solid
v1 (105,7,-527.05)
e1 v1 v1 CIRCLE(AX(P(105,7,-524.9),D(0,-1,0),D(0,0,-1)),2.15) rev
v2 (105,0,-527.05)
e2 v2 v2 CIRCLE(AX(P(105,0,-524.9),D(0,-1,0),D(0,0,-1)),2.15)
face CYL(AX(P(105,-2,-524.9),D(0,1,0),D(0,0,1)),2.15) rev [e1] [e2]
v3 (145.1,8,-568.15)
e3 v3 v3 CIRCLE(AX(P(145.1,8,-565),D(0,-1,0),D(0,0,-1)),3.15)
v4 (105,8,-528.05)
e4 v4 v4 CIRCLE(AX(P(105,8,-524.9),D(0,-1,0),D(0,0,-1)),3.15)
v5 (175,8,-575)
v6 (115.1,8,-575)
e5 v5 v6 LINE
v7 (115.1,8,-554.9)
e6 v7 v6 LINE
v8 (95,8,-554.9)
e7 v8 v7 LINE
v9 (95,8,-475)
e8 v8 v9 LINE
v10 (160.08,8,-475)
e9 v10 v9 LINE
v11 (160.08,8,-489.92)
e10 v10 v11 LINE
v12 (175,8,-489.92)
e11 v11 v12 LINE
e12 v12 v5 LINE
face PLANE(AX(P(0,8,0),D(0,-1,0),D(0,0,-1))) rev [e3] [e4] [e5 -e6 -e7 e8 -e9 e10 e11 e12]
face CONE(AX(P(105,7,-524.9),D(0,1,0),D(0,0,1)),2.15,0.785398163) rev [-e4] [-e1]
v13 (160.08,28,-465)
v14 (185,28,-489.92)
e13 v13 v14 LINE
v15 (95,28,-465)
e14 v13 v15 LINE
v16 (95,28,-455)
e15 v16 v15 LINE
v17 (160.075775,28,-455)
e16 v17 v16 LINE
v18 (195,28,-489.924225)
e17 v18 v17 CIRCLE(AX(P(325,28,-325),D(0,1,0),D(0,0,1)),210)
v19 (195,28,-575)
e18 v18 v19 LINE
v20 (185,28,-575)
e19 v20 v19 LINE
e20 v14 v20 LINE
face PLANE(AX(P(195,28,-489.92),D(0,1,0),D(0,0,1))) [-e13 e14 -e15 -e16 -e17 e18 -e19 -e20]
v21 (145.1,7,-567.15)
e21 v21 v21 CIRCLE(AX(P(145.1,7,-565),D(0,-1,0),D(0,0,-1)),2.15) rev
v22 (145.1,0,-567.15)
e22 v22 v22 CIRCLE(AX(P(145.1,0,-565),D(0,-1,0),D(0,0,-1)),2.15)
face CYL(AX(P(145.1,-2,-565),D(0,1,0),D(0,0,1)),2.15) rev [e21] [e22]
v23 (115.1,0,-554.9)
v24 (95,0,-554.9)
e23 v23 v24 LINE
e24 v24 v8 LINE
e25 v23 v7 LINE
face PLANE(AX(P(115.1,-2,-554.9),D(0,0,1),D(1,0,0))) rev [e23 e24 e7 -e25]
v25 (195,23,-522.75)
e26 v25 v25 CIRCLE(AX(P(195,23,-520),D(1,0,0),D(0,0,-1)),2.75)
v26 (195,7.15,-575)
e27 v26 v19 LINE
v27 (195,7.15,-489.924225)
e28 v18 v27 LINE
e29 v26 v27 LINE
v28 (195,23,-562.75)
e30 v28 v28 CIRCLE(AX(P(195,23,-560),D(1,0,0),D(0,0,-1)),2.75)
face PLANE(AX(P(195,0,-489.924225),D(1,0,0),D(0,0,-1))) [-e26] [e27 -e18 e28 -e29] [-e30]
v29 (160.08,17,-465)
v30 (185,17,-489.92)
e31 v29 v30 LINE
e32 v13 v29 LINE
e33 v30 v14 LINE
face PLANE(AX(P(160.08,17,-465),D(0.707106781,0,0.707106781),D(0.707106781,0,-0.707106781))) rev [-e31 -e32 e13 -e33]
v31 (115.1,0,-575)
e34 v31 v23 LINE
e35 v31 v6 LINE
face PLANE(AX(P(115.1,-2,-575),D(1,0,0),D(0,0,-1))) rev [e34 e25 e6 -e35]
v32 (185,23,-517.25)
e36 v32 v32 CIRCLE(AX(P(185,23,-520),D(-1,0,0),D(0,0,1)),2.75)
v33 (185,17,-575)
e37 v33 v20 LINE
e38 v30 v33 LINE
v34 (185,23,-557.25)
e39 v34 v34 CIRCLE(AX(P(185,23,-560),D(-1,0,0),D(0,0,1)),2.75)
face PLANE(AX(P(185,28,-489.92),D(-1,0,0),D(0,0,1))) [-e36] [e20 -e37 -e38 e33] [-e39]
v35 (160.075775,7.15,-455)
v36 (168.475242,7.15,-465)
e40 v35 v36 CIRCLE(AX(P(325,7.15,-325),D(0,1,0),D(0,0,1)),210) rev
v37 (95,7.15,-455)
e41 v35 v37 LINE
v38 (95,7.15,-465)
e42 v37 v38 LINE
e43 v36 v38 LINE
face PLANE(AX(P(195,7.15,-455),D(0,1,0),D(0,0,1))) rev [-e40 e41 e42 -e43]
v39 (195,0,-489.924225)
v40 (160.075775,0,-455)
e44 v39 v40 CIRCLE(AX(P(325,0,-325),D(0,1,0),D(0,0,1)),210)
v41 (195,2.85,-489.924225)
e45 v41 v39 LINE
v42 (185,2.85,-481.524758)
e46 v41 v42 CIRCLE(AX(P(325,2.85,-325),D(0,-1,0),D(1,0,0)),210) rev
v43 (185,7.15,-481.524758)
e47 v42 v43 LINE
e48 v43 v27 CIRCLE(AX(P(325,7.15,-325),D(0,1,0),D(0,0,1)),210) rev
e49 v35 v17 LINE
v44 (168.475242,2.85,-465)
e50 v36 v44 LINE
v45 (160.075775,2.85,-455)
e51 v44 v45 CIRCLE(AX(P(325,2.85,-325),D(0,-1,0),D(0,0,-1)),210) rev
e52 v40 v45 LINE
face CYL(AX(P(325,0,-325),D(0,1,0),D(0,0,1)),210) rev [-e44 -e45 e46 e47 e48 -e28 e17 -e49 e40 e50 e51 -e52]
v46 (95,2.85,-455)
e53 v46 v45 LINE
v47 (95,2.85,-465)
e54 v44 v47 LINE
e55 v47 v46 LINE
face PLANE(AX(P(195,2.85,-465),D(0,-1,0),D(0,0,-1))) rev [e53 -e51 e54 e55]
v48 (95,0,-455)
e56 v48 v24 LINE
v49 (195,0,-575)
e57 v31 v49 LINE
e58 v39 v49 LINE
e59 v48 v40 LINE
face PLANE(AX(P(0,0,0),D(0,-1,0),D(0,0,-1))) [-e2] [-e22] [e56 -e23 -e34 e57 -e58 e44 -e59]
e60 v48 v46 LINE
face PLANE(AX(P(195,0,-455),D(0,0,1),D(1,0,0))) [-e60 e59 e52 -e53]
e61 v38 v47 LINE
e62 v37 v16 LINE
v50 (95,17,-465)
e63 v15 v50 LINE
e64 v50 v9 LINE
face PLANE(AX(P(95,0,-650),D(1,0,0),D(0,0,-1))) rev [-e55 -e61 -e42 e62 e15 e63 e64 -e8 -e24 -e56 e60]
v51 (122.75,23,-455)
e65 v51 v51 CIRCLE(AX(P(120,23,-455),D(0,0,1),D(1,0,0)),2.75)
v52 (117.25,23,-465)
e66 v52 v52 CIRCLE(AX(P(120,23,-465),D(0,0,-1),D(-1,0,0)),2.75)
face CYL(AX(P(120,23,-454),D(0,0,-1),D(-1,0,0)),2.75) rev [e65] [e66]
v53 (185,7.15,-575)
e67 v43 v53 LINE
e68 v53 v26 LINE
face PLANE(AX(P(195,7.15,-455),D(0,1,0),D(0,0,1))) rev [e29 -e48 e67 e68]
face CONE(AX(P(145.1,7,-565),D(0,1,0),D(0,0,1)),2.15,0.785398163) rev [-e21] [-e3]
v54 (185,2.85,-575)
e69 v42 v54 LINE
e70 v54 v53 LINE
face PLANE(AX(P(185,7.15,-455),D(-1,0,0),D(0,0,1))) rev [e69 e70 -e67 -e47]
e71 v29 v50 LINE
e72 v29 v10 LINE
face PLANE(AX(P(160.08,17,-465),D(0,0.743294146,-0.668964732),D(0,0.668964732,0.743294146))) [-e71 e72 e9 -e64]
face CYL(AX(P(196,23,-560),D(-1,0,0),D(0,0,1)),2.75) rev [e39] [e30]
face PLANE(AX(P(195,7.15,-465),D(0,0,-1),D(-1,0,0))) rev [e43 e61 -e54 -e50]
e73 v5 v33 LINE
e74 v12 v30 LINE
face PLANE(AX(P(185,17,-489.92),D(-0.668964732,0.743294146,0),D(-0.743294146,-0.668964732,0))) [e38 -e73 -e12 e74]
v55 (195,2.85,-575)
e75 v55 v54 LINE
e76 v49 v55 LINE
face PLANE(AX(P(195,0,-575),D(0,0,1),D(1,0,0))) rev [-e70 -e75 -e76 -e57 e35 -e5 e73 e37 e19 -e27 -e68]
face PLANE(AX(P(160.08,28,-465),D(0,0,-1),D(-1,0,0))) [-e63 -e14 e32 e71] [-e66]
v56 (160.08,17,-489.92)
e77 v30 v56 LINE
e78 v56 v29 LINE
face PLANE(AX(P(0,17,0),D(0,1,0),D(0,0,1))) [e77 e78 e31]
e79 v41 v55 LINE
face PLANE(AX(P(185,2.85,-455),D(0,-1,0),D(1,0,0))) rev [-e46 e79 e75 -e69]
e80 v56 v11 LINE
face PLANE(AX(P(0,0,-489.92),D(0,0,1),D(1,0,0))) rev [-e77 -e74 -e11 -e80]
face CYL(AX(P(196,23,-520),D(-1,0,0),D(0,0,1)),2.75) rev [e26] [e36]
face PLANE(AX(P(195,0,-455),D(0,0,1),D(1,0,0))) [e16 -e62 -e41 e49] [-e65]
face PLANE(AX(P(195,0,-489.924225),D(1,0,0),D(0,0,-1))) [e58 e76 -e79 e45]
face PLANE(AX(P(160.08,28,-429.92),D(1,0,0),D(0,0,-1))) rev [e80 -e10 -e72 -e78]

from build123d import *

# Parameters (mm, degrees)
SKETCH1_W                = 650
SKETCH1_H                = 650
BOSS_EXTRUDE1_DEPTH      = 8
BOSS_EXTRUDE2_DEPTH      = 650
CUT_EXTRUDE2_DEPTH       = 921.277302922
CUT_EXTRUDE2_DEPTH_BACK  = 921.277302922
SKETCH4_R                = 11
CUT_EXTRUDE1_DEPTH       = 920.932062709
CUT_EXTRUDE1_DEPTH_BACK  = 920.932062709
SKETCH2_R                = 210
CUT_EXTRUDE3_DEPTH       = 921.277302998
CUT_EXTRUDE3_DEPTH_BACK  = 110
CUT_EXTRUDE4_DEPTH       = 110
CUT_EXTRUDE5_DEPTH       = 920.932062713
CUT_EXTRUDE5_DEPTH_BACK  = 920.932062713
SKETCH7_OUTSIDE_W        = 836.056
SKETCH7_OUTSIDE_H        = 836.056
BOSS_EXTRUDE3_DEPTH      = 160.08
BOSS_EXTRUDE4_DEPTH      = 160.08
SKETCH21_W               = 10
SKETCH21_H               = 4.3
CUT_EXTRUDE10_DEPTH      = 680.197320372
SKETCH22_W               = 10
SKETCH22_H               = 4.3
CUT_EXTRUDE11_DEPTH      = 278.189465889
BOSS_EXTRUDE5_DEPTH      = 60
CUT_EXTRUDE6_DEPTH       = 679.914574891
CUT_EXTRUDE6_DEPTH_BACK  = 679.914574891
SKETCH12_R               = 210
CUT_EXTRUDE14_DEPTH      = 11
SKETCH27_R               = 2.2
SKETCH27_R_2             = 2.75
CUT_EXTRUDE15_DEPTH      = 11
SKETCH28_R               = 2.75
SKETCH28_R_2             = 2.2
CUT_EXTRUDE16_DEPTH      = 11
SKETCH29_W               = 20
SKETCH29_H               = 20
CUT_EXTRUDE17_DEPTH      = 10
CUT_EXTRUDE18_DEPTH      = 679.914574891
CUT_EXTRUDE18_DEPTH_BACK = 679.914574891
SKETCH30_W               = 95
SKETCH30_H               = 195
CUT_EXTRUDE19_DEPTH      = 679.914574891
CUT_EXTRUDE19_DEPTH_BACK = 679.914574891
SKETCH31_W               = 100
SKETCH31_H               = 75
SKETCH32_W               = 20.1
SKETCH32_H               = 20.1
CUT_EXTRUDE20_DEPTH      = 10
SKETCH33_R               = 2.15
CUT_EXTRUDE21_DEPTH      = 10
CHAMFER1_SIZE            = 1


with BuildPart() as part:
    # Sketch1 → Boss-Extrude1 (new body)
    with BuildSketch(Plane(origin=(0, 0, 0), x_dir=(1, 0, 0), z_dir=(0, 1, 0))):
        with Locations((325, 325)):
            Rectangle(SKETCH1_W, SKETCH1_H)
    extrude(amount=BOSS_EXTRUDE1_DEPTH)

    # Sketch3 → Boss-Extrude2 (add)
    with BuildSketch(Plane.XY):
        Polygon((300, 43.707142143), (350, 43.707142143), (385, 8), (265, 8), align=None)
    extrude(amount=-BOSS_EXTRUDE2_DEPTH)

    # Sketch4 → Cut-Extrude2 (cut, two sides: drawn at the far end of the back side and taken through both)
    with BuildSketch(Plane.XY.offset(-CUT_EXTRUDE2_DEPTH_BACK)):
        with Locations((325, 22)):
            Circle(SKETCH4_R)
    extrude(amount=CUT_EXTRUDE2_DEPTH + CUT_EXTRUDE2_DEPTH_BACK, mode=Mode.SUBTRACT)

    # Sketch2 → Cut-Extrude1 (cut, two sides: drawn at the far end of the back side and taken through both)
    with BuildSketch(Plane(origin=(0, 8, 0), x_dir=(1, 0, 0), z_dir=(0, 1, 0)).offset(-CUT_EXTRUDE1_DEPTH_BACK)):
        with Locations(Location((325, 325, 0), (0, 0, 270))):
            Circle(SKETCH2_R)
    extrude(amount=CUT_EXTRUDE1_DEPTH + CUT_EXTRUDE1_DEPTH_BACK, mode=Mode.SUBTRACT)

    # Sketch5 → Cut-Extrude3 (cut, two sides: drawn at the far end of the back side and taken through both)
    with BuildSketch(Plane.XY.offset(-CUT_EXTRUDE3_DEPTH_BACK)):
        Polygon((300, 43.707142143), (350, 43.707142143), (365.396078824, 28), (350, 28), (350, 8), (300, 8), (300, 28), (284.603921176, 28), align=None)
    extrude(amount=CUT_EXTRUDE3_DEPTH + CUT_EXTRUDE3_DEPTH_BACK, mode=Mode.SUBTRACT)

    # Sketch6 → Cut-Extrude4 (cut)
    with BuildSketch(Plane(origin=(0, 0, -650), x_dir=(-1, 0, 0), z_dir=(0, 0, -1))):
        Polygon((-350, 43.707142143), (-300, 43.707142143), (-284.603921176, 28), (-300, 28), (-300, 8), (-350, 8), (-350, 28), (-365.396078824, 28), align=None)
    extrude(amount=-CUT_EXTRUDE4_DEPTH, mode=Mode.SUBTRACT)

    # Sketch7 outside → Cut-Extrude5 (cut, two sides: drawn at the far end of the back side and taken through both)
    with BuildSketch(Plane(origin=(0, 8, 0), x_dir=(1, 0, 0), z_dir=(0, 1, 0)).offset(-CUT_EXTRUDE5_DEPTH_BACK)):
        with Locations((325, 325)):
            Rectangle(SKETCH7_OUTSIDE_W, SKETCH7_OUTSIDE_H)
        Polygon((195, 455), (195, 489.924225025), (195, 650), (167.478198198, 686.544504505), (-70.838918919, 686.544504505), (-70.838918919, 472.462112512), (0, 455), (160.075774975, 455), align=None, mode=Mode.SUBTRACT)
    extrude(amount=CUT_EXTRUDE5_DEPTH + CUT_EXTRUDE5_DEPTH_BACK, mode=Mode.SUBTRACT)

    # Sketch8 → Boss-Extrude3 (add)
    with BuildSketch(Plane(origin=(0, 0, -650), x_dir=(-1, 0, 0), z_dir=(0, 0, -1))):
        Polygon((-195, 8), (-195, 28), (-185, 28), (-185, 17), (-175, 8), align=None)
    extrude(amount=-BOSS_EXTRUDE3_DEPTH)

    # Sketch10 → Boss-Extrude4 (add)
    with BuildSketch(Plane.ZY):
        Polygon((-455, 8), (-455, 28), (-465, 28), (-465, 17), (-475, 8), align=None)
    extrude(amount=-BOSS_EXTRUDE4_DEPTH)

    # Sketch21 → Cut-Extrude10 (cut, through all)
    with BuildSketch(Plane.ZY):
        with Locations((-460, 5)):
            Rectangle(SKETCH21_W, SKETCH21_H)
    extrude(amount=-CUT_EXTRUDE10_DEPTH, mode=Mode.SUBTRACT)

    # Sketch22 → Cut-Extrude11 (cut, through all)
    with BuildSketch(Plane(origin=(0, 0, -650), x_dir=(-1, 0, 0), z_dir=(0, 0, -1))):
        with Locations((-190, 5)):
            Rectangle(SKETCH22_W, SKETCH22_H)
    extrude(amount=-CUT_EXTRUDE11_DEPTH, mode=Mode.SUBTRACT)

    # Sketch23 → Boss-Extrude5 (add)
    with BuildSketch(Plane.XY.offset(-489.92)):
        Polygon((194.99464011, 8), (195, 28), (160.08, 28), (160.08, 8), align=None)
    extrude(amount=BOSS_EXTRUDE5_DEPTH)

    # Sketch12 → Cut-Extrude6 (cut, two sides: drawn at the far end of the back side and taken through both)
    with BuildSketch(Plane(origin=(0, 8, 0), x_dir=(1, 0, 0), z_dir=(0, 1, 0)).offset(-CUT_EXTRUDE6_DEPTH_BACK)):
        with Locations((325, 325)):
            Circle(SKETCH12_R)
    extrude(amount=CUT_EXTRUDE6_DEPTH + CUT_EXTRUDE6_DEPTH_BACK, mode=Mode.SUBTRACT)

    # Sketch26 → Cut-Extrude14 (cut)
    with BuildSketch(Plane(origin=(0, 28, 0), x_dir=(1, 0, 0), z_dir=(0, 1, 0))):
        Polygon((185, 489.92), (160.08, 489.92), (160.08, 465), align=None)
    extrude(amount=-CUT_EXTRUDE14_DEPTH, mode=Mode.SUBTRACT)

    # Sketch27 → Cut-Extrude15 (cut)
    with BuildSketch(Plane.ZY.offset(-185)):
        with Locations((-610, 23)):
            Circle(SKETCH27_R)
        with Locations((-560, 23)):
            Circle(SKETCH27_R_2)
        with Locations((-520, 23)):
            Circle(SKETCH27_R_2)
    extrude(amount=-CUT_EXTRUDE15_DEPTH, mode=Mode.SUBTRACT)

    # Sketch28 → Cut-Extrude16 (cut)
    with BuildSketch(Plane(origin=(0, 0, -465), x_dir=(-1, 0, 0), z_dir=(0, 0, -1))):
        with Locations((-120, 23)):
            Circle(SKETCH28_R)
        with Locations((-80, 23)):
            Circle(SKETCH28_R_2)
        with Locations((-40, 23)):
            Circle(SKETCH28_R_2)
    extrude(amount=-CUT_EXTRUDE16_DEPTH, mode=Mode.SUBTRACT)

    # Sketch29 → Cut-Extrude17 (cut)
    with BuildSketch(Plane(origin=(0, 8, 0), x_dir=(1, 0, 0), z_dir=(0, 1, 0))):
        with Locations((10, 640)):
            Rectangle(SKETCH29_W, SKETCH29_H)
    extrude(amount=-CUT_EXTRUDE17_DEPTH, mode=Mode.SUBTRACT)

    # Sketch30 → Cut-Extrude18 (cut, two sides: drawn at the far end of the back side and taken through both)
    with BuildSketch(Plane(origin=(0, 8, 0), x_dir=(1, 0, 0), z_dir=(0, 1, 0)).offset(-CUT_EXTRUDE18_DEPTH_BACK)):
        with Locations((47.5, 552.5)):
            Rectangle(SKETCH30_W, SKETCH30_H)
    extrude(amount=CUT_EXTRUDE18_DEPTH + CUT_EXTRUDE18_DEPTH_BACK, mode=Mode.SUBTRACT)

    # Sketch31 → Cut-Extrude19 (cut, two sides: drawn at the far end of the back side and taken through both)
    with BuildSketch(Plane(origin=(0, 8, 0), x_dir=(1, 0, 0), z_dir=(0, 1, 0)).offset(-CUT_EXTRUDE19_DEPTH_BACK)):
        with Locations((145, 612.5)):
            Rectangle(SKETCH31_W, SKETCH31_H)
    extrude(amount=CUT_EXTRUDE19_DEPTH + CUT_EXTRUDE19_DEPTH_BACK, mode=Mode.SUBTRACT)

    # Sketch32 → Cut-Extrude20 (cut)
    with BuildSketch(Plane(origin=(0, 8, 0), x_dir=(1, 0, 0), z_dir=(0, 1, 0))):
        with Locations((105.05, 564.95)):
            Rectangle(SKETCH32_W, SKETCH32_H)
    extrude(amount=-CUT_EXTRUDE20_DEPTH, mode=Mode.SUBTRACT)

    # Sketch33 → Cut-Extrude21 (cut)
    with BuildSketch(Plane(origin=(0, 8, 0), x_dir=(1, 0, 0), z_dir=(0, 1, 0))):
        with Locations(Location((105, 524.9, 0), (0, 0, 270))):
            Circle(SKETCH33_R)
        with Locations(Location((145.1, 565, 0), (0, 0, 270))):
            Circle(SKETCH33_R)
    extrude(amount=-CUT_EXTRUDE21_DEPTH, mode=Mode.SUBTRACT)

    # Chamfer1
    chamfer1_edges = [part.edges().sort_by_distance(p)[0] for p in [
        (105, 8, -527.05),
        (145.1, 8, -567.15),
    ]]
    chamfer(chamfer1_edges, length=CHAMFER1_SIZE)


solid = part.part
